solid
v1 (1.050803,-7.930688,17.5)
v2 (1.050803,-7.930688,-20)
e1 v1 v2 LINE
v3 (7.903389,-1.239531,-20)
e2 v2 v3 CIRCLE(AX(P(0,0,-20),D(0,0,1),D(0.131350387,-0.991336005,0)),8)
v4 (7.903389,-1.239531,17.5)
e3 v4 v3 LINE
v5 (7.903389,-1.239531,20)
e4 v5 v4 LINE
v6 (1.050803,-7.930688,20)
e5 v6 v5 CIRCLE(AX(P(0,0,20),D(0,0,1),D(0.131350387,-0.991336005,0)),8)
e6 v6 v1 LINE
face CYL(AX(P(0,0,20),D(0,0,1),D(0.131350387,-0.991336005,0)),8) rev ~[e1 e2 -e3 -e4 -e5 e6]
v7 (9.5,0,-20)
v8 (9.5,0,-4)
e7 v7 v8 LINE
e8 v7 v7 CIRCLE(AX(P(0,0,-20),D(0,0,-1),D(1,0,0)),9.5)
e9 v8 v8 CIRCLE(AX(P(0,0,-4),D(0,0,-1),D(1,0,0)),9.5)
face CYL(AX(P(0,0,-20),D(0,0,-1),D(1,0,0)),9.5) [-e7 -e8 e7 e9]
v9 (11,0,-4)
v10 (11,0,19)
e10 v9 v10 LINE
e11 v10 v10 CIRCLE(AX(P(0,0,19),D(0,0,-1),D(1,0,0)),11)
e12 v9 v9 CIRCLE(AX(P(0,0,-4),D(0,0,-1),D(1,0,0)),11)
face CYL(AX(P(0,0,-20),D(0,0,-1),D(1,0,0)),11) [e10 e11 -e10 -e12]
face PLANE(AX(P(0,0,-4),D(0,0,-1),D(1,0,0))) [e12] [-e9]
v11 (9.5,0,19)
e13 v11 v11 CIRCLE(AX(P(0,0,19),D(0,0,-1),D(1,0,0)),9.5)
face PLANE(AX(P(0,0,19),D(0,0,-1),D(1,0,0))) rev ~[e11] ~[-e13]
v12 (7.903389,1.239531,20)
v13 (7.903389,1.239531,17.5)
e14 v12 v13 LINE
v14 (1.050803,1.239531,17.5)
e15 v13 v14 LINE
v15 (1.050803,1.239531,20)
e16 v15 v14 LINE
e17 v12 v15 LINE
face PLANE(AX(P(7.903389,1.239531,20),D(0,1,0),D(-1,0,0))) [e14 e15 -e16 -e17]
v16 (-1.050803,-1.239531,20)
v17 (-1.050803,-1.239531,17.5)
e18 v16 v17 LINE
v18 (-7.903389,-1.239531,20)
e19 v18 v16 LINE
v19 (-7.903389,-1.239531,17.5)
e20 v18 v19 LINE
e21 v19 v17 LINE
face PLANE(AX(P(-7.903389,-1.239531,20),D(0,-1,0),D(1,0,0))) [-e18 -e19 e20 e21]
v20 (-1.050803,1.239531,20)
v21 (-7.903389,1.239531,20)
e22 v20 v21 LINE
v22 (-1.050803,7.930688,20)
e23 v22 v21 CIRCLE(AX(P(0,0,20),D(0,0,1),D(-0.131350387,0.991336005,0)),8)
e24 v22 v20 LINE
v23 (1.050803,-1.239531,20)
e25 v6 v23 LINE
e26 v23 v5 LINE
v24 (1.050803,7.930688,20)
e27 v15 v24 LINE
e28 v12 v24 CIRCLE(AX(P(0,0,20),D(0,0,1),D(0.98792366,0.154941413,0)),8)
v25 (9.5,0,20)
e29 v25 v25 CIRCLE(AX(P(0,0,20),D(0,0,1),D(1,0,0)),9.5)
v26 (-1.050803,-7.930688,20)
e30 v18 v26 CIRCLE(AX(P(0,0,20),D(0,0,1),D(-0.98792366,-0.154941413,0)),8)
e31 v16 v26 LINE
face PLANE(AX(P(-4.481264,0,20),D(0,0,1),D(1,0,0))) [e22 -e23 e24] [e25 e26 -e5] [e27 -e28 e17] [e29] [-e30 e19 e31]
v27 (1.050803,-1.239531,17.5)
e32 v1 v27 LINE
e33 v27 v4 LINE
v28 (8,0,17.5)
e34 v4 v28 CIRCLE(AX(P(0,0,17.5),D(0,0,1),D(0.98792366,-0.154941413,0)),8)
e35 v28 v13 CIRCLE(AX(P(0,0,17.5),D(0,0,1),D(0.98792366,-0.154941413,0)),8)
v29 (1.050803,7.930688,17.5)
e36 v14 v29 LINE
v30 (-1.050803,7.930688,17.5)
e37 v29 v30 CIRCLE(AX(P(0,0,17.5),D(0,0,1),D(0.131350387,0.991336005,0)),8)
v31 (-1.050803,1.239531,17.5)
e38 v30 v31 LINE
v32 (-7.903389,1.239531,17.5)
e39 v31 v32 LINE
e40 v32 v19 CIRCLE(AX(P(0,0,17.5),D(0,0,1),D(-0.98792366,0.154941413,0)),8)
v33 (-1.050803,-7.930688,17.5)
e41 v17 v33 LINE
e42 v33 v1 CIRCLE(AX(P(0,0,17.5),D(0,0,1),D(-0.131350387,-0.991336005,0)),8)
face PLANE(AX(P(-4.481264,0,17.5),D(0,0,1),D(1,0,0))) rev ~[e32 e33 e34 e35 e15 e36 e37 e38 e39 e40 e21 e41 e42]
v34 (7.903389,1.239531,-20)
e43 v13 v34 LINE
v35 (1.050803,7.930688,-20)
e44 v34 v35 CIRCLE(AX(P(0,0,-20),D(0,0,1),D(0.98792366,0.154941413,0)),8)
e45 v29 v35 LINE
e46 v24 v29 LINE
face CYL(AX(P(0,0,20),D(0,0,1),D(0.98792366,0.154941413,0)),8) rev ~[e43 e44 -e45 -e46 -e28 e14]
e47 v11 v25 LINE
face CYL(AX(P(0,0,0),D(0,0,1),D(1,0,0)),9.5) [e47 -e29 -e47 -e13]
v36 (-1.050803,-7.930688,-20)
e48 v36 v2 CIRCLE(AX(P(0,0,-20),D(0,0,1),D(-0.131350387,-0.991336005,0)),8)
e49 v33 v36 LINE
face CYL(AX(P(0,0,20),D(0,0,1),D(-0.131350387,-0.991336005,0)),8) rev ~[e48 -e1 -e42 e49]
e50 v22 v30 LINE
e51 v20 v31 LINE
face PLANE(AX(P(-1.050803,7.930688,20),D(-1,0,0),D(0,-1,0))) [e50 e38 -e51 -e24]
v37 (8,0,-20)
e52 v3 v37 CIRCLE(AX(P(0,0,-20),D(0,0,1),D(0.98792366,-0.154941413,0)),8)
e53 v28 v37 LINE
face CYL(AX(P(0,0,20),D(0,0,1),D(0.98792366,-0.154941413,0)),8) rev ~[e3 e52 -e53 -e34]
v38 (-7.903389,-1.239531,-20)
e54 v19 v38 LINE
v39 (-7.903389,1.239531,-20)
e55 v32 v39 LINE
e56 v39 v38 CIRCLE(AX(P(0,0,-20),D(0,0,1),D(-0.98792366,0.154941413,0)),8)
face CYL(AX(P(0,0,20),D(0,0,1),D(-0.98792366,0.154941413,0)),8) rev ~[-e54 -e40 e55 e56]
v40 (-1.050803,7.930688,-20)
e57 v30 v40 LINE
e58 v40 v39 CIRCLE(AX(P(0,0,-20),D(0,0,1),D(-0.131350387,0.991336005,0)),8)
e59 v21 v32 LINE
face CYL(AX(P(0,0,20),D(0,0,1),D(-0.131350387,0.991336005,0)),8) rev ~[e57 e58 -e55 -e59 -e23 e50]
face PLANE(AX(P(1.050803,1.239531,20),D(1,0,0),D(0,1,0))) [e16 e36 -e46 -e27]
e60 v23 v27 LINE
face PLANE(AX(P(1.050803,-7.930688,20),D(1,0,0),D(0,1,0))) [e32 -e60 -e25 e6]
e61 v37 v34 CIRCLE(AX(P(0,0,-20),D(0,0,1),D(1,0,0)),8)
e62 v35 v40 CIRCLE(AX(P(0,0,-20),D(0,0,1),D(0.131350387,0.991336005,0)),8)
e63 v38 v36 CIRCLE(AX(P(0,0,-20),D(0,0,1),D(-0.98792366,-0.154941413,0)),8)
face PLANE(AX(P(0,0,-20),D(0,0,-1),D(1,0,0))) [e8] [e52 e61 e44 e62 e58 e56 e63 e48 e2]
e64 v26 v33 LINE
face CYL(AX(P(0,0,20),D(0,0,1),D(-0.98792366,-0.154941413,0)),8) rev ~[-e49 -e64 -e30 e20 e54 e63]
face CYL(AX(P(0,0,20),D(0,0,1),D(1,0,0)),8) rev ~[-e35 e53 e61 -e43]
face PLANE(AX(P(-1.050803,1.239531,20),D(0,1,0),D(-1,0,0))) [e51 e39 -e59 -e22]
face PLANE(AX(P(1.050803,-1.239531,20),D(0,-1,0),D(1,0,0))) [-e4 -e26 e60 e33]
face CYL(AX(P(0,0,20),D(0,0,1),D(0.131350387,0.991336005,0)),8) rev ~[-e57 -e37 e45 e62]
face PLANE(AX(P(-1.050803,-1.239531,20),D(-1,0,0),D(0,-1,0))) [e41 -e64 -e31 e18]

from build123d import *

# Parameters (mm, degrees)
F0_R      = 9.5
F1_DEPTH  = 20
F3_DEPTH  = 50
F5_DEPTH  = 50
F7_DEPTH  = 2.5
F8_R      = 11
F8_R_2    = 9.5
F9_DEPTH  = 39
F10_R     = 11
F10_R_2   = 9.5
F11_DEPTH = 16


with BuildPart() as f1:
    # F0 (on Top) → F1 (new body, symmetric)
    with BuildSketch(Plane.XY):
        Circle(F0_R)
    extrude(amount=F1_DEPTH, both=True)

    # F2 (on face) → F3 (cut)
    with BuildSketch(Plane.XY.offset(20)):
        with BuildLine():
            Line((-1.0508030978, 1.2395313024), (-1.0508030978, 7.9306880439))
            ThreePointArc((-1.0508030978, 7.9306880439), (-5.5890325577, 5.7238723841), (-7.9033892825, 1.2395313024))
            Line((-7.9033892825, 1.2395313024), (-1.0508030978, 1.2395313024))
        make_face()
        with BuildLine():
            Line((1.0508030978, 1.2395313024), (7.9033892825, 1.2395313024))
            ThreePointArc((7.9033892825, 1.2395313024), (5.5890325577, 5.7238723841), (1.0508030978, 7.9306880439))
            Line((1.0508030978, 7.9306880439), (1.0508030978, 1.2395313024))
        make_face()
        with BuildLine():
            ThreePointArc((1.0508030978, -7.9306880439), (5.5890325577, -5.7238723841), (7.9033892825, -1.2395313024))
            Line((7.9033892825, -1.2395313024), (1.0508030978, -1.2395313024))
            Line((1.0508030978, -1.2395313024), (1.0508030978, -7.9306880439))
        make_face()
        with BuildLine():
            ThreePointArc((-7.9033892825, -1.2395313024), (-5.5890325577, -5.7238723841), (-1.0508030978, -7.9306880439))
            Line((-1.0508030978, -7.9306880439), (-1.0508030978, -1.2395313024))
            Line((-1.0508030978, -1.2395313024), (-7.9033892825, -1.2395313024))
        make_face()
    extrude(amount=-F3_DEPTH, mode=Mode.SUBTRACT)

    # F4 (on face) + F2 (on face) → F5 (cut)
    with BuildSketch(Plane.XY.offset(20)):
        with BuildLine():
            Line((-7.9033892825, 1.2395313024), (-1.0508030978, 1.2395313024))
            Line((-1.0508030978, 1.2395313024), (-1.0508030978, 7.9306880439))
            ThreePointArc((-1.0508030978, 7.9306880439), (-5.5890325577, 5.7238723841), (-7.9033892825, 1.2395313024))
        make_face()
        with BuildLine():
            ThreePointArc((-1.0508030978, -1.2395313024), (-1.625, 0), (-1.0508030978, 1.2395313024))
            Line((-1.0508030978, 1.2395313024), (-7.9033892825, 1.2395313024))
            ThreePointArc((-7.9033892825, 1.2395313024), (-8, 0), (-7.9033892825, -1.2395313024))
            Line((-7.9033892825, -1.2395313024), (-1.0508030978, -1.2395313024))
        make_face()
        with BuildLine():
            Line((-1.0508030978, 7.9306880439), (-1.0508030978, 1.2395313024))
            ThreePointArc((-1.0508030978, 1.2395313024), (0, 1.625), (1.0508030978, 1.2395313024))
            Line((1.0508030978, 1.2395313024), (1.0508030978, 7.9306880439))
            ThreePointArc((1.0508030978, 7.9306880439), (0, 8), (-1.0508030978, 7.9306880439))
        make_face()
        with BuildLine():
            Line((1.0508030978, 7.9306880439), (1.0508030978, 1.2395313024))
            Line((1.0508030978, 1.2395313024), (7.9033892825, 1.2395313024))
            ThreePointArc((7.9033892825, 1.2395313024), (5.5890325577, 5.7238723841), (1.0508030978, 7.9306880439))
        make_face()
        with BuildLine():
            Line((7.9033892825, 1.2395313024), (1.0508030978, 1.2395313024))
            ThreePointArc((1.0508030978, 1.2395313024), (1.474479575, 0.6830336617), (1.625, 0))
            ThreePointArc((1.625, 0), (1.474479575, -0.6830336617), (1.0508030978, -1.2395313024))
            Line((1.0508030978, -1.2395313024), (7.9033892825, -1.2395313024))
            ThreePointArc((7.9033892825, -1.2395313024), (7.9758107506, -0.6216452928), (8, 0))
            ThreePointArc((8, 0), (7.9758107506, 0.6216452928), (7.9033892825, 1.2395313024))
        make_face()
        with BuildLine():
            ThreePointArc((1.0508030978, -1.2395313024), (0, -1.625), (-1.0508030978, -1.2395313024))
            Line((-1.0508030978, -1.2395313024), (-1.0508030978, -7.9306880439))
            ThreePointArc((-1.0508030978, -7.9306880439), (0, -8), (1.0508030978, -7.9306880439))
            Line((1.0508030978, -7.9306880439), (1.0508030978, -1.2395313024))
        make_face()
        with BuildLine():
            Line((-1.0508030978, -7.9306880439), (-1.0508030978, -1.2395313024))
            Line((-1.0508030978, -1.2395313024), (-7.9033892825, -1.2395313024))
            ThreePointArc((-7.9033892825, -1.2395313024), (-5.5890325577, -5.7238723841), (-1.0508030978, -7.9306880439))
        make_face()
        with BuildLine():
            Line((7.9033892825, -1.2395313024), (1.0508030978, -1.2395313024))
            Line((1.0508030978, -1.2395313024), (1.0508030978, -7.9306880439))
            ThreePointArc((1.0508030978, -7.9306880439), (5.5890325577, -5.7238723841), (7.9033892825, -1.2395313024))
        make_face()
    with BuildSketch(Plane.XY.offset(20)):
        with BuildLine():
            ThreePointArc((1.625, 0), (1.474479575, 0.6830336617), (1.0508030978, 1.2395313024))
            ThreePointArc((1.0508030978, 1.2395313024), (0, 1.625), (-1.0508030978, 1.2395313024))
            ThreePointArc((-1.0508030978, 1.2395313024), (-1.625, 0), (-1.0508030978, -1.2395313024))
            ThreePointArc((-1.0508030978, -1.2395313024), (0, -1.625), (1.0508030978, -1.2395313024))
            ThreePointArc((1.0508030978, -1.2395313024), (1.474479575, -0.6830336617), (1.625, 0))
        make_face()
    extrude(amount=-F5_DEPTH, mode=Mode.SUBTRACT)

    # F6 (on face) → F7 (join)
    with BuildSketch(Plane.XY.offset(20)):
        with BuildLine():
            ThreePointArc((-1.0508030978, -1.2395313024), (-1.625, 0), (-1.0508030978, 1.2395313024))
            Line((-1.0508030978, 1.2395313024), (-7.9033892825, 1.2395313024))
            ThreePointArc((-7.9033892825, 1.2395313024), (-8, 0), (-7.9033892825, -1.2395313024))
            Line((-7.9033892825, -1.2395313024), (-1.0508030978, -1.2395313024))
        make_face()
        with BuildLine():
            Line((-1.0508030978, 7.9306880439), (-1.0508030978, 1.2395313024))
            ThreePointArc((-1.0508030978, 1.2395313024), (0, 1.625), (1.0508030978, 1.2395313024))
            Line((1.0508030978, 1.2395313024), (1.0508030978, 7.9306880439))
            ThreePointArc((1.0508030978, 7.9306880439), (0, 8), (-1.0508030978, 7.9306880439))
        make_face()
        with BuildLine():
            ThreePointArc((1.0508030978, 1.2395313024), (0, 1.625), (-1.0508030978, 1.2395313024))
            ThreePointArc((-1.0508030978, 1.2395313024), (-1.625, 0), (-1.0508030978, -1.2395313024))
            ThreePointArc((-1.0508030978, -1.2395313024), (0, -1.625), (1.0508030978, -1.2395313024))
            ThreePointArc((1.0508030978, -1.2395313024), (1.474479575, -0.6830336617), (1.625, 0))
            ThreePointArc((1.625, 0), (1.474479575, 0.6830336617), (1.0508030978, 1.2395313024))
        make_face()
        with BuildLine():
            Line((7.9033892825, 1.2395313024), (1.0508030978, 1.2395313024))
            ThreePointArc((1.0508030978, 1.2395313024), (1.474479575, 0.6830336617), (1.625, 0))
            ThreePointArc((1.625, 0), (1.474479575, -0.6830336617), (1.0508030978, -1.2395313024))
            Line((1.0508030978, -1.2395313024), (7.9033892825, -1.2395313024))
            ThreePointArc((7.9033892825, -1.2395313024), (8, 0), (7.9033892825, 1.2395313024))
        make_face()
        with BuildLine():
            ThreePointArc((1.0508030978, -1.2395313024), (0, -1.625), (-1.0508030978, -1.2395313024))
            Line((-1.0508030978, -1.2395313024), (-1.0508030978, -7.9306880439))
            ThreePointArc((-1.0508030978, -7.9306880439), (0, -8), (1.0508030978, -7.9306880439))
            Line((1.0508030978, -7.9306880439), (1.0508030978, -1.2395313024))
        make_face()
    extrude(amount=-F7_DEPTH)

    # F8 (on face) → F9 (join)
    with BuildSketch(Plane(origin=(0, 0, -20), x_dir=(1, 0, 0), z_dir=(0, 0, -1))):
        Circle(F8_R)
        Circle(F8_R_2, mode=Mode.SUBTRACT)
    extrude(amount=-F9_DEPTH)

    # F10 (on face) → F11 (cut)
    with BuildSketch(Plane(origin=(0, 0, -20), x_dir=(1, 0, 0), z_dir=(0, 0, -1))):
        Circle(F10_R)
        Circle(F10_R_2, mode=Mode.SUBTRACT)
    extrude(amount=-F11_DEPTH, mode=Mode.SUBTRACT)


solid = f1.part
